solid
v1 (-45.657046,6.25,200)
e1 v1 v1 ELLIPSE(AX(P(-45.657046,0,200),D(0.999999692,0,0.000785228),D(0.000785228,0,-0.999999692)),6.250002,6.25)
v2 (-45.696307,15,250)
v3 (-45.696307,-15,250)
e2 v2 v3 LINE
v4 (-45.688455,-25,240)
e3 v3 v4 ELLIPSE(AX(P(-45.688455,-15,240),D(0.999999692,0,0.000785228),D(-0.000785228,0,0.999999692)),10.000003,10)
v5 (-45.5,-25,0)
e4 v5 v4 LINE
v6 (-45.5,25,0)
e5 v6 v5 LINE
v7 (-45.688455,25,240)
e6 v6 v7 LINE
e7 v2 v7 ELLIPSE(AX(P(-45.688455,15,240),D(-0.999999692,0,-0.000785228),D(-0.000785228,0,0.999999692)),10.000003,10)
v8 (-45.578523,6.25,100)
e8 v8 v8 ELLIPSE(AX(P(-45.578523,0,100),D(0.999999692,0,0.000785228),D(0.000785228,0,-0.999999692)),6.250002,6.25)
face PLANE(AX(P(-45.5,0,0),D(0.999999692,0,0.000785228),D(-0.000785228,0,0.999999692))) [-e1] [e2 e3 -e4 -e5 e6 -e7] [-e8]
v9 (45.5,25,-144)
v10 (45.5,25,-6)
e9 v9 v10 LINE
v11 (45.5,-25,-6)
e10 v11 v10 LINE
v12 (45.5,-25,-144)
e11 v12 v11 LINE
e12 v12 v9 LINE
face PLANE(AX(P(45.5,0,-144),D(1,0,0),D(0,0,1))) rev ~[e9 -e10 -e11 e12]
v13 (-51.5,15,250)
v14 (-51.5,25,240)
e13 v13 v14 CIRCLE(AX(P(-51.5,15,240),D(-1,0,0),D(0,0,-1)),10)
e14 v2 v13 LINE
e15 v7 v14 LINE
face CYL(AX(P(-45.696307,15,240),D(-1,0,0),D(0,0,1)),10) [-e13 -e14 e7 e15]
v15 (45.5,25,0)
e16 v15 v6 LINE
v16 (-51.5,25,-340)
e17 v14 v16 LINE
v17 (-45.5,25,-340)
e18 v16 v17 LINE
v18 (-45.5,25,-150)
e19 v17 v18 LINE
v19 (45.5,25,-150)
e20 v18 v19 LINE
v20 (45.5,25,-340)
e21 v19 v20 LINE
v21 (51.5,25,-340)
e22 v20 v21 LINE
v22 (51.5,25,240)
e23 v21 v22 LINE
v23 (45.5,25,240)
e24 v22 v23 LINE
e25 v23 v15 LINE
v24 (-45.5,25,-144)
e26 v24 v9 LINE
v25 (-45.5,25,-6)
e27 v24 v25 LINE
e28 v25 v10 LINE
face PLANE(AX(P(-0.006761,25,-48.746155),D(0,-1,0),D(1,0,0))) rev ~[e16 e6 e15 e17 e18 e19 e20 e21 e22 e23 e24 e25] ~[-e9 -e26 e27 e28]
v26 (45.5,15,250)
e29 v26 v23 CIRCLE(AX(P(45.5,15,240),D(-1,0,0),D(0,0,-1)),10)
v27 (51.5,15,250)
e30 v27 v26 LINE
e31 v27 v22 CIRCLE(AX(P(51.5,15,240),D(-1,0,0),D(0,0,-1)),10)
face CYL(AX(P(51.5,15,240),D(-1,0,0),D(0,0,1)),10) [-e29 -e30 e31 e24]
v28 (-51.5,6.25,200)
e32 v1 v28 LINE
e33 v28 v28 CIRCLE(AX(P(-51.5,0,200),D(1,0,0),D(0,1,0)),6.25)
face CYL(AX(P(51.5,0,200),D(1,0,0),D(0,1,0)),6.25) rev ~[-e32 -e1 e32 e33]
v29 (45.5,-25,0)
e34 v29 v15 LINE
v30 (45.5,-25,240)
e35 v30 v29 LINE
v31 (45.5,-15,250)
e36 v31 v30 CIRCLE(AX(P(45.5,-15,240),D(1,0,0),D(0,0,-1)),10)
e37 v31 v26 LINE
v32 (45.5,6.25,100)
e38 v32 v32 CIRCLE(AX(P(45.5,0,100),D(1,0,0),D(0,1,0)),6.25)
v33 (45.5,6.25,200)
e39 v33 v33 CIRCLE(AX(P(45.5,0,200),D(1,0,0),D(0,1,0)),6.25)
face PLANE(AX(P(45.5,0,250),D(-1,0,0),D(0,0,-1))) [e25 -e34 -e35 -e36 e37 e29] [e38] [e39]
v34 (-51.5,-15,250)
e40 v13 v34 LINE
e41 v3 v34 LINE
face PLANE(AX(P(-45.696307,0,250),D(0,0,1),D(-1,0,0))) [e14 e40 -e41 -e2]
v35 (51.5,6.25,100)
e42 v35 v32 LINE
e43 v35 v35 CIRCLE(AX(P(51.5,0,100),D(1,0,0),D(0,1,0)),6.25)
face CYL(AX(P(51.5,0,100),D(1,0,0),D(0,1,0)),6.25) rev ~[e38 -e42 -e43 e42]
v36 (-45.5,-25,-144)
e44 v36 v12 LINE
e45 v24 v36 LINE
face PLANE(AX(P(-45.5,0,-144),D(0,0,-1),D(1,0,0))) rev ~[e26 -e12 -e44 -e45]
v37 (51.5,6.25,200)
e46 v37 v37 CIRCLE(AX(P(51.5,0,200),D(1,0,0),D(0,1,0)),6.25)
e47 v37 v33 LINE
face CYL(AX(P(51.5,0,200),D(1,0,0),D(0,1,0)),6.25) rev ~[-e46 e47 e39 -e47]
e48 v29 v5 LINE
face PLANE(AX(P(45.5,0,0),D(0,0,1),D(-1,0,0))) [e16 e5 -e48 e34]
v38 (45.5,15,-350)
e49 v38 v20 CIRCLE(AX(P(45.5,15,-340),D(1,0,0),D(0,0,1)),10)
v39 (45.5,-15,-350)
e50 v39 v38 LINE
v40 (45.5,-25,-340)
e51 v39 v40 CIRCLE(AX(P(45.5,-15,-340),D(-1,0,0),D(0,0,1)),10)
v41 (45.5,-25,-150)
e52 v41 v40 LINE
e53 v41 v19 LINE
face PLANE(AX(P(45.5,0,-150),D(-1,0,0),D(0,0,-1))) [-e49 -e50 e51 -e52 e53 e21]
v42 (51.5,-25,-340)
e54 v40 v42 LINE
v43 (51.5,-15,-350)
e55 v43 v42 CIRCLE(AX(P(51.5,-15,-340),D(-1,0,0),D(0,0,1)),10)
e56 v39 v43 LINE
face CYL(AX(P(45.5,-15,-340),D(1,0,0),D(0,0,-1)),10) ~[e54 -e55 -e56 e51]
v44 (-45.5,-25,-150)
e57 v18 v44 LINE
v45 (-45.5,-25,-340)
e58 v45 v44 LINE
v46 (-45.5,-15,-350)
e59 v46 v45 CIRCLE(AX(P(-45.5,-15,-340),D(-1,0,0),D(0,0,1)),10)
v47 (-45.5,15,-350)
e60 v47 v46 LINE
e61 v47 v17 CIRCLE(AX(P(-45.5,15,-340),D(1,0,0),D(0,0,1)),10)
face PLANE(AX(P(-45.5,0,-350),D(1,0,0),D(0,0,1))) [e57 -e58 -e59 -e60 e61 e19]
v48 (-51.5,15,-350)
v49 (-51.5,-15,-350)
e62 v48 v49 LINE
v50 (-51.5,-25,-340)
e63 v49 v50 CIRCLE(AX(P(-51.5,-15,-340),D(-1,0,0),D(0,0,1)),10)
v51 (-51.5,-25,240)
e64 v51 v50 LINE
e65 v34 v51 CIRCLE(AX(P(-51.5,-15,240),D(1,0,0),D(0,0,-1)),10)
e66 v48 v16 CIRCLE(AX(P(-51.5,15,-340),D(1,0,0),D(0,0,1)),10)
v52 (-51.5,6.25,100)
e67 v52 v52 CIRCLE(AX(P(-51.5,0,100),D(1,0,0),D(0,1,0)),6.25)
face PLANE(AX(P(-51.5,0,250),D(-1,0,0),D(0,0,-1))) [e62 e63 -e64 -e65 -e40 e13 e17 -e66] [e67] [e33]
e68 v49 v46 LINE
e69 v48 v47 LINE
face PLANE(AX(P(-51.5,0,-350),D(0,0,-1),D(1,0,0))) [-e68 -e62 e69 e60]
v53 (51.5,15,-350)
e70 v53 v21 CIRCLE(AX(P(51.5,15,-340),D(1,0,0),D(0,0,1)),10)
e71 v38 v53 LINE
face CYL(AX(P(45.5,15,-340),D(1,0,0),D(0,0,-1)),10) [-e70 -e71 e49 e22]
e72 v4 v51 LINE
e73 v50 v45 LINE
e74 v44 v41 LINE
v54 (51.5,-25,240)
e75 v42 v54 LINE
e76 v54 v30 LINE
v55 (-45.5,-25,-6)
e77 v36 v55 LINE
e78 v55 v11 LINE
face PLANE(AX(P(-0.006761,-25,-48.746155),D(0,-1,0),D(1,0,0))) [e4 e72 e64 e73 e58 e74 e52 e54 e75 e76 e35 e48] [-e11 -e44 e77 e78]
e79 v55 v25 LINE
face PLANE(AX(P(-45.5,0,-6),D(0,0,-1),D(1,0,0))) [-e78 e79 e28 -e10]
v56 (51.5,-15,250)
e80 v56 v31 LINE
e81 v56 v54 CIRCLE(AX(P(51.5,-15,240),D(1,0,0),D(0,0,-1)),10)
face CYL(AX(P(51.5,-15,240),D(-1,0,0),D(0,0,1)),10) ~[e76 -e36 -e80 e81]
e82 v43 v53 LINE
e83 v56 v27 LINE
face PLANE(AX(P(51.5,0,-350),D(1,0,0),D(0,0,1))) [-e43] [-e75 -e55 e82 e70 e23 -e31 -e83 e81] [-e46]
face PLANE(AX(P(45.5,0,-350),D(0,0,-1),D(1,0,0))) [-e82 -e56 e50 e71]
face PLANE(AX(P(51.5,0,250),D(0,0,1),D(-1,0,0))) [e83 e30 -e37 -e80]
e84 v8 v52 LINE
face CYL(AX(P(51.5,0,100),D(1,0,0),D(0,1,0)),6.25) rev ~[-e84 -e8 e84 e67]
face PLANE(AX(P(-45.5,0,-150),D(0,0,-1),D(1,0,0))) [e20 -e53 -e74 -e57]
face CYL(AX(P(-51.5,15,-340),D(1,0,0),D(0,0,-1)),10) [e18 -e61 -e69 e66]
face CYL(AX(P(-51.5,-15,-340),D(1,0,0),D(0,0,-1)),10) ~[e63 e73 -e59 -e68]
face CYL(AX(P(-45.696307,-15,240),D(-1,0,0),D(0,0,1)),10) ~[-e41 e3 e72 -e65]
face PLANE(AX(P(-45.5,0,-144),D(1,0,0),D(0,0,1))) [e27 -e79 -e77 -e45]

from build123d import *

# Parameters (mm, degrees)
F0_W     = 91
F0_H     = 138
F1_DEPTH = 25
F2_R     = 10
F3_R     = 6.25
F4_DEPTH = 103.001


with BuildPart() as f1:
    # F0 (on Front) → F1 (new body, symmetric)
    with BuildSketch(Plane.XZ):
        Polygon((45.5, 0), (-45.5, 0), (-45.696307, 250), (-51.5, 250), (-51.5, -350), (-45.5, -350), (-45.5, -150), (45.5, -150), (45.5, -350), (51.5, -350), (51.5, 250), (45.5, 250), align=None)
        with Locations((0, -75)):
            Rectangle(F0_W, F0_H, mode=Mode.SUBTRACT)
    extrude(amount=F1_DEPTH, both=True)

    # F2
    f2_edges = [f1.edges().sort_by_distance(p)[0] for p in [
        (48.5, -25, 250),
        (48.5, 25, 250),
        (-48.598153, -25, 250),
        (-48.598153, 25, 250),
        (48.5, -25, -350),
        (-48.5, -25, -350),
        (48.5, 25, -350),
        (-48.5, 25, -350),
    ]]
    fillet(f2_edges, radius=F2_R)

    # F3 (on face) → F4 (cut, through all)
    with BuildSketch(Plane.YZ.offset(51.5)):
        with Locations((0, 200)):
            Circle(F3_R)
        with Locations((0, 100)):
            Circle(F3_R)
    extrude(amount=-F4_DEPTH, mode=Mode.SUBTRACT)


solid = f1.part
